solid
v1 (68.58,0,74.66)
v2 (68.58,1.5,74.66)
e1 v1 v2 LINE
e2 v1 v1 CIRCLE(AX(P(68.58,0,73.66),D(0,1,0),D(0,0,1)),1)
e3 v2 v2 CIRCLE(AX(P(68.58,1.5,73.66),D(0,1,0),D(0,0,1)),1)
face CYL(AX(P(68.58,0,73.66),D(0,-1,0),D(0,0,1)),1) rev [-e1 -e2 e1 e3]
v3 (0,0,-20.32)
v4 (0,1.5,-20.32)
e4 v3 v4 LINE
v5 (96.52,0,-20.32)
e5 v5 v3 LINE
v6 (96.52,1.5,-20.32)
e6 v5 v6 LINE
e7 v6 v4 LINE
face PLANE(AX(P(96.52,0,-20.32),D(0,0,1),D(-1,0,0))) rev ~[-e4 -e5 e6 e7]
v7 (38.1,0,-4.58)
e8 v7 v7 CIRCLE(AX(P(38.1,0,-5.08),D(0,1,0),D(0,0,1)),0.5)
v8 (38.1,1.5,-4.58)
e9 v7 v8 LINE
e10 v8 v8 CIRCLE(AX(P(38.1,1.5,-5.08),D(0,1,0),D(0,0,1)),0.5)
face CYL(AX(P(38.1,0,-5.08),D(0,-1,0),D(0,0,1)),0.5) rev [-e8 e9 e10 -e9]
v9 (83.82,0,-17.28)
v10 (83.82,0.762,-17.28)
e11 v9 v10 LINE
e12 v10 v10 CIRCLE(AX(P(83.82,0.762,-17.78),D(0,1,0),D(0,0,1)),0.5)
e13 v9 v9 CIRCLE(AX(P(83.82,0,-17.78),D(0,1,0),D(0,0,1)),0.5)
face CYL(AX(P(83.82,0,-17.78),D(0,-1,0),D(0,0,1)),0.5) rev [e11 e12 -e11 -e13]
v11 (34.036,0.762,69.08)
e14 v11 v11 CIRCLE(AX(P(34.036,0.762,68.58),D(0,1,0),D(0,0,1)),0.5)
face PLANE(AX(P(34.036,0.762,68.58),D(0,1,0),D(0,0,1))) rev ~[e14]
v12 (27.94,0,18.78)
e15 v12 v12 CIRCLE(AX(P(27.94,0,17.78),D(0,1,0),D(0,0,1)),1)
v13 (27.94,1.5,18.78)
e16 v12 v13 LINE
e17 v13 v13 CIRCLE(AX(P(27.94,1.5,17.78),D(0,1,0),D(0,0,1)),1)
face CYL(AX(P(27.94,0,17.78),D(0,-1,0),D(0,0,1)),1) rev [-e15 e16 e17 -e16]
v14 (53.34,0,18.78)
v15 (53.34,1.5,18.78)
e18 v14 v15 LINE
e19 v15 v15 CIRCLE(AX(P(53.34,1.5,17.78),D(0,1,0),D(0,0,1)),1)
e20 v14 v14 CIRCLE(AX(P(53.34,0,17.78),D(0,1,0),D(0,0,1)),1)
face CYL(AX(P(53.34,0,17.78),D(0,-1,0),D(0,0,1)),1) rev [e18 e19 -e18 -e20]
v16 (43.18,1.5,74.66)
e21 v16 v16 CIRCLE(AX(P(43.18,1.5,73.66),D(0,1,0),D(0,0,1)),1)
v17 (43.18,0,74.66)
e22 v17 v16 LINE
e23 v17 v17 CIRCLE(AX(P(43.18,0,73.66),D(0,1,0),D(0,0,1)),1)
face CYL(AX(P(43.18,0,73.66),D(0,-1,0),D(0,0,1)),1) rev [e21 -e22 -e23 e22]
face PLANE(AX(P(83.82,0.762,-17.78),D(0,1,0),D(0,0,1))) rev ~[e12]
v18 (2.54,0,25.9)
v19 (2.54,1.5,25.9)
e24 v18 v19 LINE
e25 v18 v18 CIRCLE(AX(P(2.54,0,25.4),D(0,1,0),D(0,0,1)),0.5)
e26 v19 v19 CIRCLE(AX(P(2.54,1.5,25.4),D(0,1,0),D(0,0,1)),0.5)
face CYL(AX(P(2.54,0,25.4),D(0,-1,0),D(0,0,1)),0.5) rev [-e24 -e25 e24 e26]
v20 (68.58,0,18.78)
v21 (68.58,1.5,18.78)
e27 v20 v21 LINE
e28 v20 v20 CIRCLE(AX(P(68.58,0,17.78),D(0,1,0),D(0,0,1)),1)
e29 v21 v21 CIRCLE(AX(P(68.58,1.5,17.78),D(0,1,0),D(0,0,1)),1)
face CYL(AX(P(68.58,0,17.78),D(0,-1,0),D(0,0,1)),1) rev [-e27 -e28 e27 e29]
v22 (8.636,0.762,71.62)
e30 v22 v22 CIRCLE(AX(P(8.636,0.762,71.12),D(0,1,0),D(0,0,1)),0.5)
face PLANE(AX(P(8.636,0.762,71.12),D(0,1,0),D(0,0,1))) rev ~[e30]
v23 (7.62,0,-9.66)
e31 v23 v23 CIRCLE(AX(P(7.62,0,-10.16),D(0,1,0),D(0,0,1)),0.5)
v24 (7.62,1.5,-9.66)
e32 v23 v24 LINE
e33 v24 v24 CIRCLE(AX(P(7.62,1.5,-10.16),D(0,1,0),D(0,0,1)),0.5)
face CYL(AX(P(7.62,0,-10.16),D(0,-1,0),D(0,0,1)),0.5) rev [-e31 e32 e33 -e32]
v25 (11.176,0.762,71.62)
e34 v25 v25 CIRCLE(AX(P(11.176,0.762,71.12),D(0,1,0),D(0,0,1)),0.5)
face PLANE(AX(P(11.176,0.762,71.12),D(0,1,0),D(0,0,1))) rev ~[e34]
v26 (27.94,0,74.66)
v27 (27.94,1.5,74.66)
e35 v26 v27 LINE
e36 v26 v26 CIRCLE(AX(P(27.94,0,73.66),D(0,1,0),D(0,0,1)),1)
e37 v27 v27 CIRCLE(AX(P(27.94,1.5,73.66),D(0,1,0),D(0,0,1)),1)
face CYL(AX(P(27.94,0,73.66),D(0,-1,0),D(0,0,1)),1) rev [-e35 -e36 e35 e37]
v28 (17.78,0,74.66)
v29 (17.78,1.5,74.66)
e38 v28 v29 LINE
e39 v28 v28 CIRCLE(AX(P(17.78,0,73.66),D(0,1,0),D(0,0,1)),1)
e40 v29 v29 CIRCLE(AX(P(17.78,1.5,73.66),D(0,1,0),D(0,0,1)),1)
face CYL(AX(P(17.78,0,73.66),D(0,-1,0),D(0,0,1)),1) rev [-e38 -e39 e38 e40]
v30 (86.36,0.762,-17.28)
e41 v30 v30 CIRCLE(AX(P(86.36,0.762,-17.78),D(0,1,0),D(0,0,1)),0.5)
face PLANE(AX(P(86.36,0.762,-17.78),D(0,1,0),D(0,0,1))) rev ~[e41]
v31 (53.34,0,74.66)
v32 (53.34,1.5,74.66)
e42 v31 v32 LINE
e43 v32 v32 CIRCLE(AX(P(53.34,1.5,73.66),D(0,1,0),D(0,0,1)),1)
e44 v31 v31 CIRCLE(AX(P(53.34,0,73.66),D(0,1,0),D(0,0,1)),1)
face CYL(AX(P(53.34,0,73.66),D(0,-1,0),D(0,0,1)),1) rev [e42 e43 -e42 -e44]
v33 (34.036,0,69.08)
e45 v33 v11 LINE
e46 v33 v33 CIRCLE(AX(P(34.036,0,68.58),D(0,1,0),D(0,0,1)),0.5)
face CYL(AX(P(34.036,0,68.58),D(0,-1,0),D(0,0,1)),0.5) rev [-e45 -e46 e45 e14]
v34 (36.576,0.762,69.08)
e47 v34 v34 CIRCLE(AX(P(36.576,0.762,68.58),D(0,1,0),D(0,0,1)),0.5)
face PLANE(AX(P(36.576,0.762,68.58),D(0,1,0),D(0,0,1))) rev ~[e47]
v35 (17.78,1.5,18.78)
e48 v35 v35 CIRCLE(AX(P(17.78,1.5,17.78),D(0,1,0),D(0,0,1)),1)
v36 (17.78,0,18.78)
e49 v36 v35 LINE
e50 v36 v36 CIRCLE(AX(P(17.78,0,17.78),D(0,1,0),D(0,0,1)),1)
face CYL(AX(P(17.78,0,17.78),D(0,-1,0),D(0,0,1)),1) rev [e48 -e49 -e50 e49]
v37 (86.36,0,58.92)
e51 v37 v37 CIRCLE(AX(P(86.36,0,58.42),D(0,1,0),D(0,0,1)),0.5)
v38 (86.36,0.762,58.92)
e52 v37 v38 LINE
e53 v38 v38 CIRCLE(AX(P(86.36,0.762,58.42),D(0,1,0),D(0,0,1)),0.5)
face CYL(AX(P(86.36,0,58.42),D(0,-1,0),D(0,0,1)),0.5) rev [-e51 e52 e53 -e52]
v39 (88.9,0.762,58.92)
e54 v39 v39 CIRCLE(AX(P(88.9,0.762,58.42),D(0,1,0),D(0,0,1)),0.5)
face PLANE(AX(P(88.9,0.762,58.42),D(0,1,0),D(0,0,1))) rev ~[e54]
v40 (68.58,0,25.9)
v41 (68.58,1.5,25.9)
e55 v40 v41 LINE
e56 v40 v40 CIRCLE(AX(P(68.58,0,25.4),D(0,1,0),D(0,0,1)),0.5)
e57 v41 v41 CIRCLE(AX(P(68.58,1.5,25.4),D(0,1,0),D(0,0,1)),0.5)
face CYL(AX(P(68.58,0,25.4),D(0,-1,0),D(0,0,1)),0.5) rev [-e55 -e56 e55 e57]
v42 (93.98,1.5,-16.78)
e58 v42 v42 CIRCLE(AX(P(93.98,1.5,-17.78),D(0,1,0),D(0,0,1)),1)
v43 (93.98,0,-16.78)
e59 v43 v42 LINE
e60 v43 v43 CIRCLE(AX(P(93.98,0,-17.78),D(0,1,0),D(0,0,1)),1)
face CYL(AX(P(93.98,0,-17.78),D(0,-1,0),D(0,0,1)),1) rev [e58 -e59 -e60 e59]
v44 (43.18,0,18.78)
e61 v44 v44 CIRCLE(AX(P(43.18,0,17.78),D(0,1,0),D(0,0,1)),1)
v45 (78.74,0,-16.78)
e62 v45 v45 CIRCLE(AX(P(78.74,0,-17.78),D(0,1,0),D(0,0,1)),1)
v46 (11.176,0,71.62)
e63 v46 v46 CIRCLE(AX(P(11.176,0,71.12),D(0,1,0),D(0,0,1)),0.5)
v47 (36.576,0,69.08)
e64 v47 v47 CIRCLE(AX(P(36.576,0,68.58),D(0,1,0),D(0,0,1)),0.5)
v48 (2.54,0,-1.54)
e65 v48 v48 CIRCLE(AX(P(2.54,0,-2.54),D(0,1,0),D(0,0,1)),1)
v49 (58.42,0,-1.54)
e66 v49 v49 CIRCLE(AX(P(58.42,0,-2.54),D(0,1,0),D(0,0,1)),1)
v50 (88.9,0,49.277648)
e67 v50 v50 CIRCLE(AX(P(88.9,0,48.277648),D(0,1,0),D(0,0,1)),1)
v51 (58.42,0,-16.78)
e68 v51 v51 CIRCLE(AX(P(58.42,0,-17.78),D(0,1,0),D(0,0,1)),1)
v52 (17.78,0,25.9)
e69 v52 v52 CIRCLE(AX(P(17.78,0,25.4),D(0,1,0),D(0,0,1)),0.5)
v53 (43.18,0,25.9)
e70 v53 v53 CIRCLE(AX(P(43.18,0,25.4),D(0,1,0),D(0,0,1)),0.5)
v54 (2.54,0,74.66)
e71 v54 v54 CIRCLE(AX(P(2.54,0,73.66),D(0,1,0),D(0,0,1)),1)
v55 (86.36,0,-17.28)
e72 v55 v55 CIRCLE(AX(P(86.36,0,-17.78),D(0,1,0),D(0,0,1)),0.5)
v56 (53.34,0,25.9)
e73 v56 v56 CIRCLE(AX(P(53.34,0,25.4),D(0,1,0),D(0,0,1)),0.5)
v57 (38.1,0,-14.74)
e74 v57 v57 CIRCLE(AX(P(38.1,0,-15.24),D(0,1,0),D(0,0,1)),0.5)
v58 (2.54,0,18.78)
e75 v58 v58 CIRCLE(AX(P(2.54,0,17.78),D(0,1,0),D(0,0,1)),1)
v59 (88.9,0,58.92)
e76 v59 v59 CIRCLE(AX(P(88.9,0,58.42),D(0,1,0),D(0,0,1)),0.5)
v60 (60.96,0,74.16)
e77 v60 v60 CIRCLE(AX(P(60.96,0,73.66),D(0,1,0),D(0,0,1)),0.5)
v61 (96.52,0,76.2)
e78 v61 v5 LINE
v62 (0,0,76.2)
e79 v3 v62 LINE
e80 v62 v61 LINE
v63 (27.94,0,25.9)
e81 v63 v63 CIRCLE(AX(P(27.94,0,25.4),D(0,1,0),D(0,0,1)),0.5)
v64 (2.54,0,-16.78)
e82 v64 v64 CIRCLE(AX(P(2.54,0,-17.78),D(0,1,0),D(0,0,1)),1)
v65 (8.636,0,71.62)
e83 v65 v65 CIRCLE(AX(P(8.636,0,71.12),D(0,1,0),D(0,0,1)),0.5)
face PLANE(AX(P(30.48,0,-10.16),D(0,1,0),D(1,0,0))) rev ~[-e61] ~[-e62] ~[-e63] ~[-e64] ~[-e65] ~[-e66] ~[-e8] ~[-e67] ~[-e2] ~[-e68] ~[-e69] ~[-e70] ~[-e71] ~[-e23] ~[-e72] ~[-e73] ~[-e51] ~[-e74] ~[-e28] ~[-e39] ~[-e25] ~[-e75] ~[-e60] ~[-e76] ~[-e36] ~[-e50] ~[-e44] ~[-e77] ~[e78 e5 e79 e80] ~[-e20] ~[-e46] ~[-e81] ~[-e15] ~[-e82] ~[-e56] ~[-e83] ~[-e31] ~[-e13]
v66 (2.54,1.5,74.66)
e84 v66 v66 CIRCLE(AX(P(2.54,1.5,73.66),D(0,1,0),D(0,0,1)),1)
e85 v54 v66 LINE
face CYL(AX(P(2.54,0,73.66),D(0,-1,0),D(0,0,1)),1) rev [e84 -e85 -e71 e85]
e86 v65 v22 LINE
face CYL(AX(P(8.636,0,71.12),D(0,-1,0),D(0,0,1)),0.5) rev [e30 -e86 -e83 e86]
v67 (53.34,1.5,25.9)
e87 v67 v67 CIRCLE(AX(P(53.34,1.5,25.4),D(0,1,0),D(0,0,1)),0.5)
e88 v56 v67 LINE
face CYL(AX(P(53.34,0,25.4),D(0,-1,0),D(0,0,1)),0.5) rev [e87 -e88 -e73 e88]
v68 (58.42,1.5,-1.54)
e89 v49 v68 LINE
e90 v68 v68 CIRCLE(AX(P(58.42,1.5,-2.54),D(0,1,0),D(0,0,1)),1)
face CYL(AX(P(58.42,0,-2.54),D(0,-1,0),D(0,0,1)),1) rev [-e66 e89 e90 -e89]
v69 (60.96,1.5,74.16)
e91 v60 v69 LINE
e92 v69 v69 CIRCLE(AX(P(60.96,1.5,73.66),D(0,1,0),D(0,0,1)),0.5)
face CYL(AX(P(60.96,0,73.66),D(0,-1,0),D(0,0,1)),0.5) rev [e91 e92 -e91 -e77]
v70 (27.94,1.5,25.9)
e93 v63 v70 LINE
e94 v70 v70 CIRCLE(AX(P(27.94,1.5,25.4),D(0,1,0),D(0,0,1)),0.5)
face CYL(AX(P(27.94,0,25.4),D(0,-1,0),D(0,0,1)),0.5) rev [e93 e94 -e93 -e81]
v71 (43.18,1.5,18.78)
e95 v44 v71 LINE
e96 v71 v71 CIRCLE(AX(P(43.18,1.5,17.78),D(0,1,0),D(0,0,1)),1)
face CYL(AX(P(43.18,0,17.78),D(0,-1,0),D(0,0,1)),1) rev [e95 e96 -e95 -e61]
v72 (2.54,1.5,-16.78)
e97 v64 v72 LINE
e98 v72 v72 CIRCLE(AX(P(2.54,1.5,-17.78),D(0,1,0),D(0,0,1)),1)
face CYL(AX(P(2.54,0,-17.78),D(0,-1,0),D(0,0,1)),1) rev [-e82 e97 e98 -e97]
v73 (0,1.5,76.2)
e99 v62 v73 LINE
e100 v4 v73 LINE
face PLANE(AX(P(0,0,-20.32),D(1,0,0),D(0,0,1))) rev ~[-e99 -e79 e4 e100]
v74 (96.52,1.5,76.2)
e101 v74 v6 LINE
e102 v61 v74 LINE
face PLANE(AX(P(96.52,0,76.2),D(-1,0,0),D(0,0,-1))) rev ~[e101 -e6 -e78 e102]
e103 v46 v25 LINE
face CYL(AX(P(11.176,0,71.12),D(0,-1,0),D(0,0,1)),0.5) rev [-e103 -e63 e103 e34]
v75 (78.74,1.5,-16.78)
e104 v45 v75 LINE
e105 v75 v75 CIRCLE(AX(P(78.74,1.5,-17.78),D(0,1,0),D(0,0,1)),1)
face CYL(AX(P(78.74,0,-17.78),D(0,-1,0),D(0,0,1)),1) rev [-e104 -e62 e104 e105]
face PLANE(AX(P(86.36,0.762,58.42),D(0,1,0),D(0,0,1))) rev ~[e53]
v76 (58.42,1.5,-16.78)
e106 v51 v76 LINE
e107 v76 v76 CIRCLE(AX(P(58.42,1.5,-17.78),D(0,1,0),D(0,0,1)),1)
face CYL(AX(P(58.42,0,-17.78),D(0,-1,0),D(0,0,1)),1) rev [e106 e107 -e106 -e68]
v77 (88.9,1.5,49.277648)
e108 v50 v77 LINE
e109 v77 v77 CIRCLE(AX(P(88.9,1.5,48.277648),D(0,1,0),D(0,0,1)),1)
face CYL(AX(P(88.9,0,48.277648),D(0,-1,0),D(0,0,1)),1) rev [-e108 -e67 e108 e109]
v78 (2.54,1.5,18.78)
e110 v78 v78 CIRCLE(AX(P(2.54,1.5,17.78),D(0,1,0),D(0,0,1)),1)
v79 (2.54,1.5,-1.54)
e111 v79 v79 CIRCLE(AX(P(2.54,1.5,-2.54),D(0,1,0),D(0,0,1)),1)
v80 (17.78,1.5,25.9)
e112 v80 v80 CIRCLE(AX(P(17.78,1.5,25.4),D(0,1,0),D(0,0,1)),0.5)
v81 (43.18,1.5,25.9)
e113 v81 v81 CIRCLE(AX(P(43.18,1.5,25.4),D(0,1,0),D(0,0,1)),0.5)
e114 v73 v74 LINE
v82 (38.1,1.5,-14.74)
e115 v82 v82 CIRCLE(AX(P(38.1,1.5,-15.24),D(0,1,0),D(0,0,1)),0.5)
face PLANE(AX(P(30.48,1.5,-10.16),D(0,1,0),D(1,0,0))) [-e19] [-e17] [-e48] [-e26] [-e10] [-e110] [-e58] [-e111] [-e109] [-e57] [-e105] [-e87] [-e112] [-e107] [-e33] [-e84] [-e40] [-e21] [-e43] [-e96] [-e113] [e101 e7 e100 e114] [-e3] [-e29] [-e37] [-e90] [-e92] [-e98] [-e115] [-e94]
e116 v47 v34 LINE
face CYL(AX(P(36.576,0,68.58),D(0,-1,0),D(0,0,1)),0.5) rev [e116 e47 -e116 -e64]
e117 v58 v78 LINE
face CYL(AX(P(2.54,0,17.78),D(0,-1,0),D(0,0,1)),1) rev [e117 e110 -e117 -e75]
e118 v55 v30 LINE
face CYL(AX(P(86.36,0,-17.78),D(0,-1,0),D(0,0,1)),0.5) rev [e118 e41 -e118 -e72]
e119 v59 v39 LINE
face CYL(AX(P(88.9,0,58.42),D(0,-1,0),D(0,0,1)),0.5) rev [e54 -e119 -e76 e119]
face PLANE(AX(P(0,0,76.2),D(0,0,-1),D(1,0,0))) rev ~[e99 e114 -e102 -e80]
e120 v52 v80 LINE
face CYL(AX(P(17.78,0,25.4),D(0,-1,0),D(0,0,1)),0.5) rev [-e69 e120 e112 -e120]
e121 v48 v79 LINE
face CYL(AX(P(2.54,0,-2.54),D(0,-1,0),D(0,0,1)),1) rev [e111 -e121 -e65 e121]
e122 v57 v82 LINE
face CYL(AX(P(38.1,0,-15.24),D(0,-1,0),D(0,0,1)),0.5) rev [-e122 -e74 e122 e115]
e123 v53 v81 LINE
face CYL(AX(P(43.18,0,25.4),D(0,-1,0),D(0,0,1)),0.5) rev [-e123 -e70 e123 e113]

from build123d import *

# Parameters (mm, degrees)
SKETCH1_W           = 60.96
SKETCH1_H           = 20.32
SKETCH1_R           = 1
SKETCH1_R_2         = 0.5
SKETCH1_W_2         = 20.32
SKETCH1_H_2         = 81.28
SKETCH1_H_3         = 60.96
BOSS_EXTRUDE1_DEPTH = 1.5
SKETCH1_4_R         = 0.5
CUT_EXTRUDE1_DEPTH  = 0.762


with BuildPart() as part:
    # Sketch1 → Boss-Extrude1 (new body)
    with BuildSketch(Plane(origin=(0, 0, 0), x_dir=(1, 0, 0), z_dir=(0, 1, 0))):
        with Locations((30.48, 10.16)):
            Rectangle(SKETCH1_W, SKETCH1_H)
        with Locations(Location((2.54, 17.78, 0), (0, 0, 270))):  # turned: the seam where the file's is
            Circle(SKETCH1_R, mode=Mode.SUBTRACT)
        with Locations(Location((58.42, 17.78, 0), (0, 0, 270))):  # turned: the seam where the file's is
            Circle(SKETCH1_R, mode=Mode.SUBTRACT)
        with Locations(Location((2.54, 2.54, 0), (0, 0, 270))):  # turned: the seam where the file's is
            Circle(SKETCH1_R, mode=Mode.SUBTRACT)
        with Locations(Location((58.42, 2.54, 0), (0, 0, 270))):  # turned: the seam where the file's is
            Circle(SKETCH1_R, mode=Mode.SUBTRACT)
        with Locations(Location((38.1, 5.08, 0), (0, 0, 270))):  # turned: the seam where the file's is
            Circle(SKETCH1_R_2, mode=Mode.SUBTRACT)
        with Locations(Location((7.62, 10.16, 0), (0, 0, 270))):  # turned: the seam where the file's is
            Circle(SKETCH1_R_2, mode=Mode.SUBTRACT)
        with Locations(Location((38.1, 15.24, 0), (0, 0, 270))):  # turned: the seam where the file's is
            Circle(SKETCH1_R_2, mode=Mode.SUBTRACT)
        Polygon((60.96, 0), (0, 0), (0, -15.24), (20.32, -15.24), (20.32, -76.2), (25.4, -76.2), (25.4, -15.24), (45.72, -15.24), (45.72, -76.2), (50.8, -76.2), (50.8, -15.24), (71.12, -15.24), (71.12, -76.2), (96.52, -76.2), (96.52, -60.96), (76.2, -60.96), (76.2, 20.32), (60.96, 20.32), align=None)
        with Locations((86.36, -20.32)):
            Rectangle(SKETCH1_W_2, SKETCH1_H_2)
        with Locations((86.36, -58.42)):
            Circle(SKETCH1_R_2, mode=Mode.SUBTRACT)
        with Locations((88.9, -58.42)):
            Circle(SKETCH1_R_2, mode=Mode.SUBTRACT)
        with Locations(Location((88.9, -48.277647537, 0), (0, 0, 270))):  # turned: the seam where the file's is
            Circle(SKETCH1_R, mode=Mode.SUBTRACT)
        with Locations(Location((78.74, 17.78, 0), (0, 0, 270))):  # turned: the seam where the file's is
            Circle(SKETCH1_R, mode=Mode.SUBTRACT)
        with Locations((83.82, 17.78)):
            Circle(SKETCH1_R_2, mode=Mode.SUBTRACT)
        with Locations((86.36, 17.78)):
            Circle(SKETCH1_R_2, mode=Mode.SUBTRACT)
        with Locations(Location((93.98, 17.78, 0), (0, 0, 270))):  # turned: the seam where the file's is
            Circle(SKETCH1_R, mode=Mode.SUBTRACT)
        with Locations((10.16, -45.72)):
            Rectangle(SKETCH1_W_2, SKETCH1_H_3)
        with Locations(Location((2.54, -73.66, 0), (0, 0, 270))):  # turned: the seam where the file's is
            Circle(SKETCH1_R, mode=Mode.SUBTRACT)
        with Locations((8.636, -71.12)):
            Circle(SKETCH1_R_2, mode=Mode.SUBTRACT)
        with Locations((11.176, -71.12)):
            Circle(SKETCH1_R_2, mode=Mode.SUBTRACT)
        with Locations(Location((17.78, -73.66, 0), (0, 0, 270))):  # turned: the seam where the file's is
            Circle(SKETCH1_R, mode=Mode.SUBTRACT)
        with Locations(Location((2.54, -25.4, 0), (0, 0, 270))):  # turned: the seam where the file's is
            Circle(SKETCH1_R_2, mode=Mode.SUBTRACT)
        with Locations(Location((2.54, -17.78, 0), (0, 0, 270))):  # turned: the seam where the file's is
            Circle(SKETCH1_R, mode=Mode.SUBTRACT)
        with Locations(Location((17.78, -25.4, 0), (0, 0, 270))):  # turned: the seam where the file's is
            Circle(SKETCH1_R_2, mode=Mode.SUBTRACT)
        with Locations(Location((17.78, -17.78, 0), (0, 0, 270))):  # turned: the seam where the file's is
            Circle(SKETCH1_R, mode=Mode.SUBTRACT)
        Polygon((60.96, 0), (0, 0), (0, -15.24), (20.32, -15.24), (20.32, -76.2), (25.4, -76.2), (25.4, -15.24), (45.72, -15.24), (45.72, -76.2), (50.8, -76.2), (50.8, -15.24), (71.12, -15.24), (71.12, -76.2), (96.52, -76.2), (96.52, -60.96), (76.2, -60.96), (76.2, 20.32), (60.96, 20.32), align=None)
        with Locations((60.96, -45.72)):
            Rectangle(SKETCH1_W_2, SKETCH1_H_3)
        with Locations(Location((53.34, -73.66, 0), (0, 0, 270))):  # turned: the seam where the file's is
            Circle(SKETCH1_R, mode=Mode.SUBTRACT)
        with Locations(Location((60.96, -73.66, 0), (0, 0, 270))):  # turned: the seam where the file's is
            Circle(SKETCH1_R_2, mode=Mode.SUBTRACT)
        with Locations(Location((68.58, -73.66, 0), (0, 0, 270))):  # turned: the seam where the file's is
            Circle(SKETCH1_R, mode=Mode.SUBTRACT)
        with Locations(Location((53.34, -25.4, 0), (0, 0, 270))):  # turned: the seam where the file's is
            Circle(SKETCH1_R_2, mode=Mode.SUBTRACT)
        with Locations(Location((53.34, -17.78, 0), (0, 0, 270))):  # turned: the seam where the file's is
            Circle(SKETCH1_R, mode=Mode.SUBTRACT)
        with Locations(Location((68.58, -25.4, 0), (0, 0, 270))):  # turned: the seam where the file's is
            Circle(SKETCH1_R_2, mode=Mode.SUBTRACT)
        with Locations(Location((68.58, -17.78, 0), (0, 0, 270))):  # turned: the seam where the file's is
            Circle(SKETCH1_R, mode=Mode.SUBTRACT)
        with Locations((35.56, -45.72)):
            Rectangle(SKETCH1_W_2, SKETCH1_H_3)
        with Locations(Location((27.94, -73.66, 0), (0, 0, 270))):  # turned: the seam where the file's is
            Circle(SKETCH1_R, mode=Mode.SUBTRACT)
        with Locations((34.036, -68.58)):
            Circle(SKETCH1_R_2, mode=Mode.SUBTRACT)
        with Locations(Location((43.18, -73.66, 0), (0, 0, 270))):  # turned: the seam where the file's is
            Circle(SKETCH1_R, mode=Mode.SUBTRACT)
        with Locations((36.576, -68.58)):
            Circle(SKETCH1_R_2, mode=Mode.SUBTRACT)
        with Locations(Location((27.94, -25.4, 0), (0, 0, 270))):  # turned: the seam where the file's is
            Circle(SKETCH1_R_2, mode=Mode.SUBTRACT)
        with Locations(Location((27.94, -17.78, 0), (0, 0, 270))):  # turned: the seam where the file's is
            Circle(SKETCH1_R, mode=Mode.SUBTRACT)
        with Locations(Location((43.18, -25.4, 0), (0, 0, 270))):  # turned: the seam where the file's is
            Circle(SKETCH1_R_2, mode=Mode.SUBTRACT)
        with Locations(Location((43.18, -17.78, 0), (0, 0, 270))):  # turned: the seam where the file's is
            Circle(SKETCH1_R, mode=Mode.SUBTRACT)
        with Locations((88.9, -58.42)):
            Circle(SKETCH1_R_2)
        with Locations((86.36, -58.42)):
            Circle(SKETCH1_R_2)
        with Locations((86.36, 17.78)):
            Circle(SKETCH1_R_2)
        with Locations((83.82, 17.78)):
            Circle(SKETCH1_R_2)
        with Locations((36.576, -68.58)):
            Circle(SKETCH1_R_2)
        with Locations((34.036, -68.58)):
            Circle(SKETCH1_R_2)
        with Locations((11.176, -71.12)):
            Circle(SKETCH1_R_2)
        with Locations((8.636, -71.12)):
            Circle(SKETCH1_R_2)
    extrude(amount=BOSS_EXTRUDE1_DEPTH)

    # Sketch1_4 → Cut-Extrude1 (cut)
    with BuildSketch(Plane(origin=(0, 0, 0), x_dir=(1, 0, 0), z_dir=(0, 1, 0))):
        with Locations(Location((86.36, 17.78, 0), (0, 0, 270))):  # turned: the seam where the file's is
            Circle(SKETCH1_4_R)
        with Locations(Location((83.82, 17.78, 0), (0, 0, 270))):  # turned: the seam where the file's is
            Circle(SKETCH1_4_R)
        with Locations(Location((86.36, -58.42, 0), (0, 0, 270))):  # turned: the seam where the file's is
            Circle(SKETCH1_4_R)
        with Locations(Location((88.9, -58.42, 0), (0, 0, 270))):  # turned: the seam where the file's is
            Circle(SKETCH1_4_R)
        with Locations(Location((36.576, -68.58, 0), (0, 0, 270))):  # turned: the seam where the file's is
            Circle(SKETCH1_4_R)
        with Locations(Location((34.036, -68.58, 0), (0, 0, 270))):  # turned: the seam where the file's is
            Circle(SKETCH1_4_R)
        with Locations(Location((11.176, -71.12, 0), (0, 0, 270))):  # turned: the seam where the file's is
            Circle(SKETCH1_4_R)
        with Locations(Location((8.636, -71.12, 0), (0, 0, 270))):  # turned: the seam where the file's is
            Circle(SKETCH1_4_R)
    extrude(amount=CUT_EXTRUDE1_DEPTH, mode=Mode.SUBTRACT)


solid = part.part
